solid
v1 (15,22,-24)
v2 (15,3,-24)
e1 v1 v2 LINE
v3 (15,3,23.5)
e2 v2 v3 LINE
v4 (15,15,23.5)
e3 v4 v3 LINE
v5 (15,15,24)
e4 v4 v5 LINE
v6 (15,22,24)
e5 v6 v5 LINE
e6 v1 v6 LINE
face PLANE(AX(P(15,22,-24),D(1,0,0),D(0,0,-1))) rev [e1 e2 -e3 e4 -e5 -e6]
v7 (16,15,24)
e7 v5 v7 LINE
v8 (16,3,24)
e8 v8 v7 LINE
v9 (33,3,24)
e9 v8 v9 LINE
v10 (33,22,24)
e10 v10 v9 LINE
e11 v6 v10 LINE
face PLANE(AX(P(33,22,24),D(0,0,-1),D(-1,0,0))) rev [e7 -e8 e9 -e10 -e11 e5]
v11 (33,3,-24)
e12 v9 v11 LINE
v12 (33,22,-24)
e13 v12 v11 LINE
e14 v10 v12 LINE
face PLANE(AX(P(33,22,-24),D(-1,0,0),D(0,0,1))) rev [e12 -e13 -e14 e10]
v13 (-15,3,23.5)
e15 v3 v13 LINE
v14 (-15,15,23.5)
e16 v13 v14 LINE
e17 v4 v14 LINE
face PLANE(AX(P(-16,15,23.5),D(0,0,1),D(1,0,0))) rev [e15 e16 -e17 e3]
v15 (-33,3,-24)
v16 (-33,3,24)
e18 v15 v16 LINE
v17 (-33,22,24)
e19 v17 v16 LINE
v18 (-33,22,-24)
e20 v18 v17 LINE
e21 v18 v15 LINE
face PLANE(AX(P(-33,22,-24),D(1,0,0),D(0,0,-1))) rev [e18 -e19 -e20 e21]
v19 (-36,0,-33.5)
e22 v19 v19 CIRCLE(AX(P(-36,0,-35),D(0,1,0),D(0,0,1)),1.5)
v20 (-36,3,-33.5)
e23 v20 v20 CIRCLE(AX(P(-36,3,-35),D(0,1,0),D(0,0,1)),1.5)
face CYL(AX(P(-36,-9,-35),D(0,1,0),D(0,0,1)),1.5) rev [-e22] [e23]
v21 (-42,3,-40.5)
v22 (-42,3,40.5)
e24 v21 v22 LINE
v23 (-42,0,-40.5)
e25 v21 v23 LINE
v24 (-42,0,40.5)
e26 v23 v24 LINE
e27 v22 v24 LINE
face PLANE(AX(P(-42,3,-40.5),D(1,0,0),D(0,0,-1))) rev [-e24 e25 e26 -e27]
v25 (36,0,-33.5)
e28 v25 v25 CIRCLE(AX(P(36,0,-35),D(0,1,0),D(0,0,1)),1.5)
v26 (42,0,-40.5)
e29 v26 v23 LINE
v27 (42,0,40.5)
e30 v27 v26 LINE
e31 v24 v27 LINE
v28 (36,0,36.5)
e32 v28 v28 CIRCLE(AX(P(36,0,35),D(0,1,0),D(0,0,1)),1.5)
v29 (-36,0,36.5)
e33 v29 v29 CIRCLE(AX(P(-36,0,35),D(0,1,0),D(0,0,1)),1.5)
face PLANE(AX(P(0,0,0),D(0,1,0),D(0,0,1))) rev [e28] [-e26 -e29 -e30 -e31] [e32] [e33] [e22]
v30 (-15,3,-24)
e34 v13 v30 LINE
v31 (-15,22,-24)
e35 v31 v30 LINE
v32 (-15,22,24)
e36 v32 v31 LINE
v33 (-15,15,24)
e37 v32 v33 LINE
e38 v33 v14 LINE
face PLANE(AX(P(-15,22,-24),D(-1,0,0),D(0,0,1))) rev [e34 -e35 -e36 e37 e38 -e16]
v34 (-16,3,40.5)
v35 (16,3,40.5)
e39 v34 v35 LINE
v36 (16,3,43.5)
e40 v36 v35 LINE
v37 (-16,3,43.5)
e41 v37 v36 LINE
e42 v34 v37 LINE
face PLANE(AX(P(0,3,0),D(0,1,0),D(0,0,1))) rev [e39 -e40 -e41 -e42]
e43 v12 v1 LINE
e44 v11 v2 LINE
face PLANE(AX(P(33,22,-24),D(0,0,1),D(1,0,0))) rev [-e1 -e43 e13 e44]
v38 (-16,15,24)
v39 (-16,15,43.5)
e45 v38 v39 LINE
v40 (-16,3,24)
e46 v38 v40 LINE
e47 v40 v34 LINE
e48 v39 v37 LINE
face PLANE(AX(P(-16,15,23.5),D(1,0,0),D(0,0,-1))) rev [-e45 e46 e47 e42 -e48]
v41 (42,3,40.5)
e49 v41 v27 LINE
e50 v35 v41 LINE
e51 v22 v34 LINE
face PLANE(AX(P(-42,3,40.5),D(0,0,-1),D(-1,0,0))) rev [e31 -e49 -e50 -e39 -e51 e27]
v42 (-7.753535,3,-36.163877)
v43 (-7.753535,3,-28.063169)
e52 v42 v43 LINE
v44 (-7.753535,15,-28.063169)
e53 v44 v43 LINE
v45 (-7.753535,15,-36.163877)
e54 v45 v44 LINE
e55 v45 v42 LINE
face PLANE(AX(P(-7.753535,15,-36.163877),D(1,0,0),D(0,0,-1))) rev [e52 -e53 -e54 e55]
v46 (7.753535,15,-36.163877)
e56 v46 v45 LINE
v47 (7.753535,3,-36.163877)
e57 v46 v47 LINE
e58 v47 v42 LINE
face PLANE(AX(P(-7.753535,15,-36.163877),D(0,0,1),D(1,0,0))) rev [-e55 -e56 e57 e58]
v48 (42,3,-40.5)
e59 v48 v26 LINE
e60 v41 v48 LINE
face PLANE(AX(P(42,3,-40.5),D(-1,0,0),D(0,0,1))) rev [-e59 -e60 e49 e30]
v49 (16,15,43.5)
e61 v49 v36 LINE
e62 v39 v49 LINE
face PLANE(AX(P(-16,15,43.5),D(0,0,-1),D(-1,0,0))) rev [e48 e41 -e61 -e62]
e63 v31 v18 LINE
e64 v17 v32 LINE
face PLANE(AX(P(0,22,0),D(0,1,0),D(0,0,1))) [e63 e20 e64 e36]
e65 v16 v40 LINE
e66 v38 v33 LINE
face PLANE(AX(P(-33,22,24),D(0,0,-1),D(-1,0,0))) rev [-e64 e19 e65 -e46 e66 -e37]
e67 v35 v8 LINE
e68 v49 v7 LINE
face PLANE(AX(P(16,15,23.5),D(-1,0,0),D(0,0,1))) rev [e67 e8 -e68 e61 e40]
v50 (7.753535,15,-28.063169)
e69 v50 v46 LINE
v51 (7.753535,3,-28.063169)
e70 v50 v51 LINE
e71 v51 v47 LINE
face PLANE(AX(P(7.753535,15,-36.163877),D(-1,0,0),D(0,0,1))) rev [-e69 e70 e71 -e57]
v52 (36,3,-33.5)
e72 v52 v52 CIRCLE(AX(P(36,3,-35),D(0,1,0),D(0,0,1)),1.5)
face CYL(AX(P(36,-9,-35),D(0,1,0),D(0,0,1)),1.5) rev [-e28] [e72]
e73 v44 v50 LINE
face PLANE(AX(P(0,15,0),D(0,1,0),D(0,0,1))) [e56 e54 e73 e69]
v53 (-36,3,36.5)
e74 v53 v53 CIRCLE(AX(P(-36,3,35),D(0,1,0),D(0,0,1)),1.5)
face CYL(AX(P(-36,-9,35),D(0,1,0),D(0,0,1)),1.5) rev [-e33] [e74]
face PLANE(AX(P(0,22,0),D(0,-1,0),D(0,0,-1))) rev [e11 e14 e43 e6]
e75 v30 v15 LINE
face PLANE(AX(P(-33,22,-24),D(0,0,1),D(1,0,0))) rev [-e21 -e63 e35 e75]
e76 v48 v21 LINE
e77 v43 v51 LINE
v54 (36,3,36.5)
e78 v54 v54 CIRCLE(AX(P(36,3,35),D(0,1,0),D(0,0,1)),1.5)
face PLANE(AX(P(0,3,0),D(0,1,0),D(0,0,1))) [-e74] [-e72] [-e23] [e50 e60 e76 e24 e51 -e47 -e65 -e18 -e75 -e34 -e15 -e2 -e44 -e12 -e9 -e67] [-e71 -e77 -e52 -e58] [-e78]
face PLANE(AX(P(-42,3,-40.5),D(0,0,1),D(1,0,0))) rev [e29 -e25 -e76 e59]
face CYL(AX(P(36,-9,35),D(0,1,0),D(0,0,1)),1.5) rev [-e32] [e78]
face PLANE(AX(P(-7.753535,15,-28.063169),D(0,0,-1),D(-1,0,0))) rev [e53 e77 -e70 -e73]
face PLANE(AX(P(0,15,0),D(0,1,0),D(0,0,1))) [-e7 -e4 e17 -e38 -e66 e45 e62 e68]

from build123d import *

# Parameters (mm, degrees)
SKETCH1_W           = 84
SKETCH1_H           = 81
BOSS_EXTRUDE1_DEPTH = 3
SKETCH2_W           = 18
SKETCH2_H           = 48
BOSS_EXTRUDE2_DEPTH = 19
SKETCH3_W           = 32
SKETCH3_H           = 20
SKETCH3_W_2         = 15.507070526
SKETCH3_H_2         = 8.100708483
BOSS_EXTRUDE3_DEPTH = 12
SKETCH4_R           = 1.5
CUT_EXTRUDE1_DEPTH  = 12


with BuildPart() as part:
    # Sketch1 → Boss-Extrude1 (new body)
    with BuildSketch(Plane(origin=(0, 0, 0), x_dir=(1, 0, 0), z_dir=(0, 1, 0))):
        Rectangle(SKETCH1_W, SKETCH1_H)
    extrude(amount=BOSS_EXTRUDE1_DEPTH)

    # Sketch2 → Boss-Extrude2 (add)
    with BuildSketch(Plane(origin=(0, 3, 0), x_dir=(1, 0, 0), z_dir=(0, 1, 0))):
        with Locations((-24, 0)):
            Rectangle(SKETCH2_W, SKETCH2_H)
        with Locations((24, 0)):
            Rectangle(SKETCH2_W, SKETCH2_H)
    extrude(amount=BOSS_EXTRUDE2_DEPTH)

    # Sketch3 → Boss-Extrude3 (add)
    with BuildSketch(Plane(origin=(0, 3, 0), x_dir=(1, 0, 0), z_dir=(0, 1, 0))):
        with Locations((0, -33.5)):
            Rectangle(SKETCH3_W, SKETCH3_H)
        with Locations((0, 32.113522915)):
            Rectangle(SKETCH3_W_2, SKETCH3_H_2)
    extrude(amount=BOSS_EXTRUDE3_DEPTH)

    # Sketch4 → Cut-Extrude1 (cut)
    with BuildSketch(Plane(origin=(0, 3, 0), x_dir=(1, 0, 0), z_dir=(0, 1, 0))):
        with Locations(Location((-36, 35, 0), (0, 0, 270))):
            Circle(SKETCH4_R)
        with Locations(Location((36, 35, 0), (0, 0, 270))):
            Circle(SKETCH4_R)
        with Locations(Location((36, -35, 0), (0, 0, 270))):
            Circle(SKETCH4_R)
        with Locations(Location((-36, -35, 0), (0, 0, 270))):
            Circle(SKETCH4_R)
    extrude(amount=-CUT_EXTRUDE1_DEPTH, mode=Mode.SUBTRACT)


solid = part.part
